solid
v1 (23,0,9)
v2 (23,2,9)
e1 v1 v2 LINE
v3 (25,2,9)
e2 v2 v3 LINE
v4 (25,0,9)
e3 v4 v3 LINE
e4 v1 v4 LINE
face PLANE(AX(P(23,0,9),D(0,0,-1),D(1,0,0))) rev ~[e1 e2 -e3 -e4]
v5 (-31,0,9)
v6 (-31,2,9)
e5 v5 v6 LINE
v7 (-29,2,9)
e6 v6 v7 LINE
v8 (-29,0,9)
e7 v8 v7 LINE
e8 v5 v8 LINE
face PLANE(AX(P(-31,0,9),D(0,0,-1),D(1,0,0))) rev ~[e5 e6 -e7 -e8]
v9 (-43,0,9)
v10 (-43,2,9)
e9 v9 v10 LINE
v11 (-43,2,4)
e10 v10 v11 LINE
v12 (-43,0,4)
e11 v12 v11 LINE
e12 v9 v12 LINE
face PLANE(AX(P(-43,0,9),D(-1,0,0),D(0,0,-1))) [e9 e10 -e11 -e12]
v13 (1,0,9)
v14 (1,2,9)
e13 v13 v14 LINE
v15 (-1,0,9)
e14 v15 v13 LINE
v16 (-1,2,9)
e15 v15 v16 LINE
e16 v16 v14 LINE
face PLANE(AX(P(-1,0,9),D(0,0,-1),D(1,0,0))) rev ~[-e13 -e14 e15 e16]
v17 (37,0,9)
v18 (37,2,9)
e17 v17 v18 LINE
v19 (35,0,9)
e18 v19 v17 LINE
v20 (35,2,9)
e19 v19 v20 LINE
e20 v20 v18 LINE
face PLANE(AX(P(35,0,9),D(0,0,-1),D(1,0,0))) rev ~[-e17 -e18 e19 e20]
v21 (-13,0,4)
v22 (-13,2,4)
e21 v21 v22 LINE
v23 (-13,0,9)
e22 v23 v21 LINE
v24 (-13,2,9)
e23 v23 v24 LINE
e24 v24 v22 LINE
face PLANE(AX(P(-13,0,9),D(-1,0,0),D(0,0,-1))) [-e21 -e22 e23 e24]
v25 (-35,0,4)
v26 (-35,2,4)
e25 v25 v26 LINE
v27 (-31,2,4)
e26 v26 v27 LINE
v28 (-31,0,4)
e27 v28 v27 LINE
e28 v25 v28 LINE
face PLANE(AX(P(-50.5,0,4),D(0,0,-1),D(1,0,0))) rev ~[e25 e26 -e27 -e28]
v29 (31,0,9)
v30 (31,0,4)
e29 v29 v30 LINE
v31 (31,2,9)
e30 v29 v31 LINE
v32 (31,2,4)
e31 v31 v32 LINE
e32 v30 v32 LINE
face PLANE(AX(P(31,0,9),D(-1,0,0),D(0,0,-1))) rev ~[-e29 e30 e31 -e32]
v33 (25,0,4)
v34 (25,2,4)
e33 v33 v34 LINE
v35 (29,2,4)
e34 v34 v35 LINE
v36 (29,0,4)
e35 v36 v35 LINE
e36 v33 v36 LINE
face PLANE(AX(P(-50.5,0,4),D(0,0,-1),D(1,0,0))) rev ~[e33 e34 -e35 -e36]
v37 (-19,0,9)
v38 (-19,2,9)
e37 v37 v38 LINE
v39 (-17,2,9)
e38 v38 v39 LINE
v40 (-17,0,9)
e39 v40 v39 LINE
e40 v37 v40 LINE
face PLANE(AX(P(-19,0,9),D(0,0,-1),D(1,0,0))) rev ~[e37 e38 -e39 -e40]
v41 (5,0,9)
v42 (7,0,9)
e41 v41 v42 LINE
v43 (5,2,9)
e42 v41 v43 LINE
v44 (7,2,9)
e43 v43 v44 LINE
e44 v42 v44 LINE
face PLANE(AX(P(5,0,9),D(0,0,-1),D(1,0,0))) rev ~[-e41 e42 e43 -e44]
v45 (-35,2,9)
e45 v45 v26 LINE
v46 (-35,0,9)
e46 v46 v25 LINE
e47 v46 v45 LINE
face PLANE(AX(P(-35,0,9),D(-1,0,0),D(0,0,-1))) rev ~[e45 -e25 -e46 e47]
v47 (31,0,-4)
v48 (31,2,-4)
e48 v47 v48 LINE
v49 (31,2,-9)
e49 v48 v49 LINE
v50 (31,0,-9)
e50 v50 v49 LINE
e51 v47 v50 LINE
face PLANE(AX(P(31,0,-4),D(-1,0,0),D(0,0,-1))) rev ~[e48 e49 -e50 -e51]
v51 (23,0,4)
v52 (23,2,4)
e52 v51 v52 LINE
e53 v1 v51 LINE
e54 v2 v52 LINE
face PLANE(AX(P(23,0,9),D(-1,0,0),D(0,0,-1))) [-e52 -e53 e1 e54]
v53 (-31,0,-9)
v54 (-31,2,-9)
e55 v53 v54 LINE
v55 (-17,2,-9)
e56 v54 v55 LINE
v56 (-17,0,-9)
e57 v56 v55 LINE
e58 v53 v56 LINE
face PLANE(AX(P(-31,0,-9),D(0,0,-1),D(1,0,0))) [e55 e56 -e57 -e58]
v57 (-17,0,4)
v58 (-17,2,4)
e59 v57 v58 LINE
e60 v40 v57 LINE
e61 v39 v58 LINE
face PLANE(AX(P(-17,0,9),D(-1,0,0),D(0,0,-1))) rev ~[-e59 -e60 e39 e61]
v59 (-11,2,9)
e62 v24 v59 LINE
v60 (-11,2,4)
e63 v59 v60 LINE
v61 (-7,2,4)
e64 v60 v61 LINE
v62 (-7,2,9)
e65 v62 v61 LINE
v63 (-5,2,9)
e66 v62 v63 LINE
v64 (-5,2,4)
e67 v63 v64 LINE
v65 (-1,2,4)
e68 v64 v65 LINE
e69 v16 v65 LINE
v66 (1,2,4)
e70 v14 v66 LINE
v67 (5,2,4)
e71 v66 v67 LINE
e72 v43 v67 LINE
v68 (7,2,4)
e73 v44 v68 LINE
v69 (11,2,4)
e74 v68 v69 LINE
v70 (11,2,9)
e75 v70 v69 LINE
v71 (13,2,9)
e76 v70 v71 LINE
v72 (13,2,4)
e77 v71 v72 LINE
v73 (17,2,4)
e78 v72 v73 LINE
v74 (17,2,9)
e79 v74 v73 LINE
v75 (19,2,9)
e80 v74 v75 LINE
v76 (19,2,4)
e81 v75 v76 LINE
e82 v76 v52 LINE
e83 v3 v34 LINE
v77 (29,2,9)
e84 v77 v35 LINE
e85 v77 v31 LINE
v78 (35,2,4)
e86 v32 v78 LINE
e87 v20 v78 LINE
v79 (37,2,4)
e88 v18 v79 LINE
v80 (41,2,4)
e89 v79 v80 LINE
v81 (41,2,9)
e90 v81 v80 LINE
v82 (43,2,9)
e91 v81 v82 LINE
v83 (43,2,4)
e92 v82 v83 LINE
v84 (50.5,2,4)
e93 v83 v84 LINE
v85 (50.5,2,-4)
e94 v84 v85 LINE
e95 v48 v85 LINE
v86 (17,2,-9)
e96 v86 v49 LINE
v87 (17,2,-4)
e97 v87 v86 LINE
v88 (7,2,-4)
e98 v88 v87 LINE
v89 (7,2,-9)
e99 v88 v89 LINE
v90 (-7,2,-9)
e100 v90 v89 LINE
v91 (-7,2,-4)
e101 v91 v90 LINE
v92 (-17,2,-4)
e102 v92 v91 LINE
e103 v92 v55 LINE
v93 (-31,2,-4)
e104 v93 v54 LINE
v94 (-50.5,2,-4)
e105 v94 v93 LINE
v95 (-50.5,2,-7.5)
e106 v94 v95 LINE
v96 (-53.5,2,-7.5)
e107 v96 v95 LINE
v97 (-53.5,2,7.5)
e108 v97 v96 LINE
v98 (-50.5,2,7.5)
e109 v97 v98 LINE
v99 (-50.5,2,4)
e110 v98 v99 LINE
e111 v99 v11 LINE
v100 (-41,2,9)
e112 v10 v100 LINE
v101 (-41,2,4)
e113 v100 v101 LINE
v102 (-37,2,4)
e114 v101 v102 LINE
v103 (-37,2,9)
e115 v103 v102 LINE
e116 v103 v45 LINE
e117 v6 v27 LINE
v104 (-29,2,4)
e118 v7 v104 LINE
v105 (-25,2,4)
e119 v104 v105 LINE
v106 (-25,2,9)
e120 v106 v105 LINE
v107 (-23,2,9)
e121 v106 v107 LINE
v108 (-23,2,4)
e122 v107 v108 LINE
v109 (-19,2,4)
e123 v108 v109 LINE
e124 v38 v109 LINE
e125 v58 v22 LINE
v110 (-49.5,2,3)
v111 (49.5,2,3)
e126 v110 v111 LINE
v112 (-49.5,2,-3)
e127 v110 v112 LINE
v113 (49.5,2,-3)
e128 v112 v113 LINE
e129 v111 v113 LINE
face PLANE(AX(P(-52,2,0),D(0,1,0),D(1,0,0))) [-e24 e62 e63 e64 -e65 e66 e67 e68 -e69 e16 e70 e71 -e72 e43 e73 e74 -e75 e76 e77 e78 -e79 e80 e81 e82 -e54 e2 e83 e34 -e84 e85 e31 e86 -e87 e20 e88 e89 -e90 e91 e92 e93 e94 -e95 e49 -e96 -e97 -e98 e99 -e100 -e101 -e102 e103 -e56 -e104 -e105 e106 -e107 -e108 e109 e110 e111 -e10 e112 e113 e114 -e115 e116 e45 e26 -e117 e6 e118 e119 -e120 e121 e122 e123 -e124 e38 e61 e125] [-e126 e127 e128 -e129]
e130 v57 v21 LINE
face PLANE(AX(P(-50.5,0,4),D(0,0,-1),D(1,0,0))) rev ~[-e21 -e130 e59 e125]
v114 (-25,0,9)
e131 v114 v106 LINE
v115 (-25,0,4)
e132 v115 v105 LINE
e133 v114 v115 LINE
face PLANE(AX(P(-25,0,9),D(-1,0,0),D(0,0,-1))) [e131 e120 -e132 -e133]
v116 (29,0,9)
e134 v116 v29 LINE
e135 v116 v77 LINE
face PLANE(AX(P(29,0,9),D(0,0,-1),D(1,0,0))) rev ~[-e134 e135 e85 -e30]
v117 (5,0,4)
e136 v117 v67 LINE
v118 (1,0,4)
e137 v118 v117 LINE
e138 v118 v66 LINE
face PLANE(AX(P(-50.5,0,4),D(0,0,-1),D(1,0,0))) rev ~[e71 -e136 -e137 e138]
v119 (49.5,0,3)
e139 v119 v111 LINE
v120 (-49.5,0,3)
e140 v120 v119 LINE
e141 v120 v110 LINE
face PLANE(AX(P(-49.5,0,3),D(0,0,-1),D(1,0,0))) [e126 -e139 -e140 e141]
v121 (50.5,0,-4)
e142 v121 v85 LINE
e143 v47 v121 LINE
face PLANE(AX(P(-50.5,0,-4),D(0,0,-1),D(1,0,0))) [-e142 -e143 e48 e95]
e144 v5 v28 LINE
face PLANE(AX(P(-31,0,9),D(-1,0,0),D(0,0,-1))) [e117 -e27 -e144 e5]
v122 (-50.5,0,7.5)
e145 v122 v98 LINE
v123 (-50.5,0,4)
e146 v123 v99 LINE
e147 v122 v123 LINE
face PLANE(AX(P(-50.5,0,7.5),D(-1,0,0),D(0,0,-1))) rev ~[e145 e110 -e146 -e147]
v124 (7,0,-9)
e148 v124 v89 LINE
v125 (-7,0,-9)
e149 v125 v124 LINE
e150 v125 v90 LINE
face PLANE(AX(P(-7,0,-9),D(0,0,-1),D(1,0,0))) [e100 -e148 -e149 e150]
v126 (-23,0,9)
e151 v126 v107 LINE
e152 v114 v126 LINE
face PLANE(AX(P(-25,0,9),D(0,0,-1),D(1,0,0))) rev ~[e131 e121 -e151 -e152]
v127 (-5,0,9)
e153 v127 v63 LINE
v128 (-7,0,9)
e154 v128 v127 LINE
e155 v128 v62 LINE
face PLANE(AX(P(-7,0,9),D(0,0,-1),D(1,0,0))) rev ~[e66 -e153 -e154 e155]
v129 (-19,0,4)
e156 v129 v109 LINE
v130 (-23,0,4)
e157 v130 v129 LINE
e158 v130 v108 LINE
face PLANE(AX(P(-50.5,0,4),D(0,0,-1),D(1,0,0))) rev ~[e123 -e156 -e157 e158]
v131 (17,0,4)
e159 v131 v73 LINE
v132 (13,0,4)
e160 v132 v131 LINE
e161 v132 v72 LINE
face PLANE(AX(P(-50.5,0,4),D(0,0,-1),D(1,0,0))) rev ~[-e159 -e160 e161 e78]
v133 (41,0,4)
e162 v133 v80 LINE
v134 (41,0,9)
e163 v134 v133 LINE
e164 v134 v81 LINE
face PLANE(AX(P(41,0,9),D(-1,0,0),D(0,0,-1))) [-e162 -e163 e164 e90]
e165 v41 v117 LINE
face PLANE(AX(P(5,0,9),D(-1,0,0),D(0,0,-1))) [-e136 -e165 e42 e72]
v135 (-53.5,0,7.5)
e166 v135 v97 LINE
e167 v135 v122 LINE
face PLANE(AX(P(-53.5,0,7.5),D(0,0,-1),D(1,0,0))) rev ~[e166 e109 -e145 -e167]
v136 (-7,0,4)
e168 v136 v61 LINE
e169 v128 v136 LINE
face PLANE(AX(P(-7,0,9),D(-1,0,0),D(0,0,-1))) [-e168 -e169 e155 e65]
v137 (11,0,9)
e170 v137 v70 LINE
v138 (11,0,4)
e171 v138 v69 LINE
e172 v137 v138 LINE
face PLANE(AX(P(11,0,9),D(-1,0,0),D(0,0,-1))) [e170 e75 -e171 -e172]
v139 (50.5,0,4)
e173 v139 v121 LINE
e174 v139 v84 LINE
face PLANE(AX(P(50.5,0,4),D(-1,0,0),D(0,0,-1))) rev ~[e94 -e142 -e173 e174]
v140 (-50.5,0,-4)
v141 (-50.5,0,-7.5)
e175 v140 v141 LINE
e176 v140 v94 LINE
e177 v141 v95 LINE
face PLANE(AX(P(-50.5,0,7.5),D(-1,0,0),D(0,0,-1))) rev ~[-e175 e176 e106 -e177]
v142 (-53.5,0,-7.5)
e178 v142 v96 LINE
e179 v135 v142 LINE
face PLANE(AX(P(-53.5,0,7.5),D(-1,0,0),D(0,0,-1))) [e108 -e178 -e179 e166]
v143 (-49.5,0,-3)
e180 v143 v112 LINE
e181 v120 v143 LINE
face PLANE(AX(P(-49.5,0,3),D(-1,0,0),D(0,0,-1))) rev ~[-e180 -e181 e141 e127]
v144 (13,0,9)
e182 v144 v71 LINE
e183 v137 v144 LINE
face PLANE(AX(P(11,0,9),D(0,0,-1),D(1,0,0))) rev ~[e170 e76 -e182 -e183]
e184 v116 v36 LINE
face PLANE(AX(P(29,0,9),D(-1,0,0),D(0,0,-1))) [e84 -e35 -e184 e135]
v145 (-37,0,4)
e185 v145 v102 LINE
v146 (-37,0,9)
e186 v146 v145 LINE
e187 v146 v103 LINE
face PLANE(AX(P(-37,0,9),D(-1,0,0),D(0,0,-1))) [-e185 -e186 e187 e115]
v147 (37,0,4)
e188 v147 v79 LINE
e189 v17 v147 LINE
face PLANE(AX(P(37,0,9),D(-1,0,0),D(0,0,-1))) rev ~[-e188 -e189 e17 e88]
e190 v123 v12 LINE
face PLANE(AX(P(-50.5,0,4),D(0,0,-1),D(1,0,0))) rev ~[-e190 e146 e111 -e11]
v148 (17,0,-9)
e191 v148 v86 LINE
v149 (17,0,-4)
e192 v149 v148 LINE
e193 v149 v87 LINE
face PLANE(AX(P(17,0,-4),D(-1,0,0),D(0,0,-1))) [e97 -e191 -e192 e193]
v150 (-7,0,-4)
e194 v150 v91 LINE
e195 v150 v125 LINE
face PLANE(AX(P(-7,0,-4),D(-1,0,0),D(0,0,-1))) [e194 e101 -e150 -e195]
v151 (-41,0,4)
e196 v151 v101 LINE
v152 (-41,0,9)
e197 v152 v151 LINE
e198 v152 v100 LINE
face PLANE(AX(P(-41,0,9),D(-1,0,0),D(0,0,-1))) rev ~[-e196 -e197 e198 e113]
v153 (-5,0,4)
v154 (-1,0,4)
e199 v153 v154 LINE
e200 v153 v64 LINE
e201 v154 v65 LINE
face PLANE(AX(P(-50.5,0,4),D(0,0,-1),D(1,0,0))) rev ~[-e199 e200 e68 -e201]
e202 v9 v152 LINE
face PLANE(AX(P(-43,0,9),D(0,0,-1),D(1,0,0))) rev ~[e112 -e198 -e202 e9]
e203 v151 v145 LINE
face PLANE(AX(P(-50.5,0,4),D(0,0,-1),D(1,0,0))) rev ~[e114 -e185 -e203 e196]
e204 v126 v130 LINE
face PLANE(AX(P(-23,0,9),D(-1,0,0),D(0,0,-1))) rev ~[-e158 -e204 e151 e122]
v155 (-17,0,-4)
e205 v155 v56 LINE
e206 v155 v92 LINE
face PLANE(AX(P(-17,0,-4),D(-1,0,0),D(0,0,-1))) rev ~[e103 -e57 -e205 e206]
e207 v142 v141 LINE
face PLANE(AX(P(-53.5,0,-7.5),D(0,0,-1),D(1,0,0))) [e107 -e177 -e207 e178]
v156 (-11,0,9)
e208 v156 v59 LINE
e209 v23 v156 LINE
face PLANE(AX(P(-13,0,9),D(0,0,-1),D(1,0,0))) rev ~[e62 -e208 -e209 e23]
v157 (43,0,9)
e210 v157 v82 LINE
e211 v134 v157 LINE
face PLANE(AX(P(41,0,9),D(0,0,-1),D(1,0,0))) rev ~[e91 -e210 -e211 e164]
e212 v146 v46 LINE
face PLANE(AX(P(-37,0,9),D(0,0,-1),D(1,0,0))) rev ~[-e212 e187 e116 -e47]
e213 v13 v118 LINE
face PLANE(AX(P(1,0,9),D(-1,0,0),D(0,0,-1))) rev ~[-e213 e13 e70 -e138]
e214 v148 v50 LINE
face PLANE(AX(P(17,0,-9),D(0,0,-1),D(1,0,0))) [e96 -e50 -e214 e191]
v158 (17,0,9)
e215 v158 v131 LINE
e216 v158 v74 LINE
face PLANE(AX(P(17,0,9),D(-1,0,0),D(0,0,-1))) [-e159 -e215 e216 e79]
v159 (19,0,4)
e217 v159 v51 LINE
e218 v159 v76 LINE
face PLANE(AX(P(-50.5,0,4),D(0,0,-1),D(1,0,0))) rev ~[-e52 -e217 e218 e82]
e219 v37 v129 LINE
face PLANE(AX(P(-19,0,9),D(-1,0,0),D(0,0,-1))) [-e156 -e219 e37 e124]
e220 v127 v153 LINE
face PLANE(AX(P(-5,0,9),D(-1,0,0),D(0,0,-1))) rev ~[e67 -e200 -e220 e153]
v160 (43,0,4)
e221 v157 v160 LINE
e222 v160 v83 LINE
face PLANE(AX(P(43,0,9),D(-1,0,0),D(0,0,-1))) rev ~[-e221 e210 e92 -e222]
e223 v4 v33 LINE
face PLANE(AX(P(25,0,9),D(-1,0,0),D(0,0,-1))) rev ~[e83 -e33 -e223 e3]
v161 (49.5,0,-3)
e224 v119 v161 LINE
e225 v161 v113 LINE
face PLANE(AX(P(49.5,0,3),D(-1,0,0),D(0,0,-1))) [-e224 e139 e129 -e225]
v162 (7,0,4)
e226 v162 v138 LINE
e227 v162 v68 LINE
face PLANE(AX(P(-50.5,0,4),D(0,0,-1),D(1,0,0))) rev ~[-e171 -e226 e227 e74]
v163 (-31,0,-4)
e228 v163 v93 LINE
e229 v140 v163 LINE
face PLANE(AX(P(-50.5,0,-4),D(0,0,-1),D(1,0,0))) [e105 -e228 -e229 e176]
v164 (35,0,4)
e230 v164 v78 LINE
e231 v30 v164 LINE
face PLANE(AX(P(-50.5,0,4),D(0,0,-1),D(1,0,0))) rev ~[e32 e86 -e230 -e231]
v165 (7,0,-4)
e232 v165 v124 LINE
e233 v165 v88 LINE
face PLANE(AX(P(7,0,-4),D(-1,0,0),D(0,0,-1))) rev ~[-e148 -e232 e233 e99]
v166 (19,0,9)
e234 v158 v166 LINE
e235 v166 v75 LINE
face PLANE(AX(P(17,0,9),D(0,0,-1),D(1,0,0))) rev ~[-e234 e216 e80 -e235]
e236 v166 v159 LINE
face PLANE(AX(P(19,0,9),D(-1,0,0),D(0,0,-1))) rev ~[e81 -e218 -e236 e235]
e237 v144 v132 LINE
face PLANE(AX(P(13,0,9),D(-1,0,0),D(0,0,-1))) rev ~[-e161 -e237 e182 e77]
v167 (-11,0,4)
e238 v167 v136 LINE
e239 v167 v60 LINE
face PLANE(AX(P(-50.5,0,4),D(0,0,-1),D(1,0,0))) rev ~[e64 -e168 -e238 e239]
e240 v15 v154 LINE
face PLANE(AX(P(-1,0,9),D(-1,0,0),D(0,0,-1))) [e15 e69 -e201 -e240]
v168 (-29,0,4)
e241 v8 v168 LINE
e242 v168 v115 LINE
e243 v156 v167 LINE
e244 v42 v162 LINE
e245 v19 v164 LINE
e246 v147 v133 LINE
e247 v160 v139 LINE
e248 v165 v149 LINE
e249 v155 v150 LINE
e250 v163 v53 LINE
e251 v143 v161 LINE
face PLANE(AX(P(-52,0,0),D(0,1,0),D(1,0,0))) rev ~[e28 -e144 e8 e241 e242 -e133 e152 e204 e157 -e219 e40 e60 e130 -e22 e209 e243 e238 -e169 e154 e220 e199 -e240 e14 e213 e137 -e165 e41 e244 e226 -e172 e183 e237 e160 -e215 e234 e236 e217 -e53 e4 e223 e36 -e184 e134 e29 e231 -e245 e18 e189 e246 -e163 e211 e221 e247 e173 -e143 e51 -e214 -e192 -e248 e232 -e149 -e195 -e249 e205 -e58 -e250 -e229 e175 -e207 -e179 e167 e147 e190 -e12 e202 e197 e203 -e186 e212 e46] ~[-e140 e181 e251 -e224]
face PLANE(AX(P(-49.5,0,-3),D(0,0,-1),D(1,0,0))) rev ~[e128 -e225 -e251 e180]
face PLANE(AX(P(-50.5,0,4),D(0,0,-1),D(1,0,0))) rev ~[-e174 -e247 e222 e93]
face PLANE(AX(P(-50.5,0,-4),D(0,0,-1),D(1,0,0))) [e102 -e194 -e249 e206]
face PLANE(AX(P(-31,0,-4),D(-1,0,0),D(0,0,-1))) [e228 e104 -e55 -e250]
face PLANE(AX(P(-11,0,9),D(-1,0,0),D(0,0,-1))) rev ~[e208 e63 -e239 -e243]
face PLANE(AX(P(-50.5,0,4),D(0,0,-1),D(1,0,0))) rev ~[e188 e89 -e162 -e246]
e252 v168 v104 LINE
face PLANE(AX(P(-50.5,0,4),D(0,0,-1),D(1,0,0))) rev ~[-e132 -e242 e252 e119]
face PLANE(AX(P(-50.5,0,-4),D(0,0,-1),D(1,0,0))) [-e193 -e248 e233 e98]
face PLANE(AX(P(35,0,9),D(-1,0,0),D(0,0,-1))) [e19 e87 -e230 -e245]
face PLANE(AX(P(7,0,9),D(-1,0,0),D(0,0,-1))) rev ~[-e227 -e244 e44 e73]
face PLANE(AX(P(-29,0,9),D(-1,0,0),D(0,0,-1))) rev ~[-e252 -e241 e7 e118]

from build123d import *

# Parameters (mm, degrees)
SKETCH1_W           = 101
SKETCH1_H           = 8
SKETCH1_W_2         = 99
SKETCH1_H_2         = 6
BOSS_EXTRUDE1_DEPTH = 2
SKETCH2_W           = 3
SKETCH2_H           = 15
SKETCH2_W_2         = 2
SKETCH2_H_2         = 5
SKETCH2_W_3         = 14
BOSS_EXTRUDE2_DEPTH = 2


with BuildPart() as part:
    # Sketch1 → Boss-Extrude1 (new body)
    with BuildSketch(Plane(origin=(0, 0, 0), x_dir=(1, 0, 0), z_dir=(0, 1, 0))):
        Rectangle(SKETCH1_W, SKETCH1_H)
        Rectangle(SKETCH1_W_2, SKETCH1_H_2, mode=Mode.SUBTRACT)
    extrude(amount=BOSS_EXTRUDE1_DEPTH)

    # Sketch2 → Boss-Extrude2 (add)
    with BuildSketch(Plane(origin=(0, 0, 0), x_dir=(1, 0, 0), z_dir=(0, 1, 0))):
        with Locations((-52, 0)):
            Rectangle(SKETCH2_W, SKETCH2_H)
        with Locations((-42, -6.5)):
            Rectangle(SKETCH2_W_2, SKETCH2_H_2)
        with Locations((-36, -6.5)):
            Rectangle(SKETCH2_W_2, SKETCH2_H_2)
        with Locations((-30, -6.5)):
            Rectangle(SKETCH2_W_2, SKETCH2_H_2)
        with Locations((-24, -6.5)):
            Rectangle(SKETCH2_W_2, SKETCH2_H_2)
        with Locations((-18, -6.5)):
            Rectangle(SKETCH2_W_2, SKETCH2_H_2)
        with Locations((-12, -6.5)):
            Rectangle(SKETCH2_W_2, SKETCH2_H_2)
        with Locations((-6, -6.5)):
            Rectangle(SKETCH2_W_2, SKETCH2_H_2)
        with Locations((0, -6.5)):
            Rectangle(SKETCH2_W_2, SKETCH2_H_2)
        with Locations((6, -6.5)):
            Rectangle(SKETCH2_W_2, SKETCH2_H_2)
        with Locations((12, -6.5)):
            Rectangle(SKETCH2_W_2, SKETCH2_H_2)
        with Locations((18, -6.5)):
            Rectangle(SKETCH2_W_2, SKETCH2_H_2)
        with Locations((24, -6.5)):
            Rectangle(SKETCH2_W_2, SKETCH2_H_2)
        with Locations((30, -6.5)):
            Rectangle(SKETCH2_W_2, SKETCH2_H_2)
        with Locations((36, -6.5)):
            Rectangle(SKETCH2_W_2, SKETCH2_H_2)
        with Locations((42, -6.5)):
            Rectangle(SKETCH2_W_2, SKETCH2_H_2)
        with Locations((-24, 6.5)):
            Rectangle(SKETCH2_W_3, SKETCH2_H_2)
        with Locations((0, 6.5)):
            Rectangle(SKETCH2_W_3, SKETCH2_H_2)
        with Locations((24, 6.5)):
            Rectangle(SKETCH2_W_3, SKETCH2_H_2)
    extrude(amount=BOSS_EXTRUDE2_DEPTH)


solid = part.part
